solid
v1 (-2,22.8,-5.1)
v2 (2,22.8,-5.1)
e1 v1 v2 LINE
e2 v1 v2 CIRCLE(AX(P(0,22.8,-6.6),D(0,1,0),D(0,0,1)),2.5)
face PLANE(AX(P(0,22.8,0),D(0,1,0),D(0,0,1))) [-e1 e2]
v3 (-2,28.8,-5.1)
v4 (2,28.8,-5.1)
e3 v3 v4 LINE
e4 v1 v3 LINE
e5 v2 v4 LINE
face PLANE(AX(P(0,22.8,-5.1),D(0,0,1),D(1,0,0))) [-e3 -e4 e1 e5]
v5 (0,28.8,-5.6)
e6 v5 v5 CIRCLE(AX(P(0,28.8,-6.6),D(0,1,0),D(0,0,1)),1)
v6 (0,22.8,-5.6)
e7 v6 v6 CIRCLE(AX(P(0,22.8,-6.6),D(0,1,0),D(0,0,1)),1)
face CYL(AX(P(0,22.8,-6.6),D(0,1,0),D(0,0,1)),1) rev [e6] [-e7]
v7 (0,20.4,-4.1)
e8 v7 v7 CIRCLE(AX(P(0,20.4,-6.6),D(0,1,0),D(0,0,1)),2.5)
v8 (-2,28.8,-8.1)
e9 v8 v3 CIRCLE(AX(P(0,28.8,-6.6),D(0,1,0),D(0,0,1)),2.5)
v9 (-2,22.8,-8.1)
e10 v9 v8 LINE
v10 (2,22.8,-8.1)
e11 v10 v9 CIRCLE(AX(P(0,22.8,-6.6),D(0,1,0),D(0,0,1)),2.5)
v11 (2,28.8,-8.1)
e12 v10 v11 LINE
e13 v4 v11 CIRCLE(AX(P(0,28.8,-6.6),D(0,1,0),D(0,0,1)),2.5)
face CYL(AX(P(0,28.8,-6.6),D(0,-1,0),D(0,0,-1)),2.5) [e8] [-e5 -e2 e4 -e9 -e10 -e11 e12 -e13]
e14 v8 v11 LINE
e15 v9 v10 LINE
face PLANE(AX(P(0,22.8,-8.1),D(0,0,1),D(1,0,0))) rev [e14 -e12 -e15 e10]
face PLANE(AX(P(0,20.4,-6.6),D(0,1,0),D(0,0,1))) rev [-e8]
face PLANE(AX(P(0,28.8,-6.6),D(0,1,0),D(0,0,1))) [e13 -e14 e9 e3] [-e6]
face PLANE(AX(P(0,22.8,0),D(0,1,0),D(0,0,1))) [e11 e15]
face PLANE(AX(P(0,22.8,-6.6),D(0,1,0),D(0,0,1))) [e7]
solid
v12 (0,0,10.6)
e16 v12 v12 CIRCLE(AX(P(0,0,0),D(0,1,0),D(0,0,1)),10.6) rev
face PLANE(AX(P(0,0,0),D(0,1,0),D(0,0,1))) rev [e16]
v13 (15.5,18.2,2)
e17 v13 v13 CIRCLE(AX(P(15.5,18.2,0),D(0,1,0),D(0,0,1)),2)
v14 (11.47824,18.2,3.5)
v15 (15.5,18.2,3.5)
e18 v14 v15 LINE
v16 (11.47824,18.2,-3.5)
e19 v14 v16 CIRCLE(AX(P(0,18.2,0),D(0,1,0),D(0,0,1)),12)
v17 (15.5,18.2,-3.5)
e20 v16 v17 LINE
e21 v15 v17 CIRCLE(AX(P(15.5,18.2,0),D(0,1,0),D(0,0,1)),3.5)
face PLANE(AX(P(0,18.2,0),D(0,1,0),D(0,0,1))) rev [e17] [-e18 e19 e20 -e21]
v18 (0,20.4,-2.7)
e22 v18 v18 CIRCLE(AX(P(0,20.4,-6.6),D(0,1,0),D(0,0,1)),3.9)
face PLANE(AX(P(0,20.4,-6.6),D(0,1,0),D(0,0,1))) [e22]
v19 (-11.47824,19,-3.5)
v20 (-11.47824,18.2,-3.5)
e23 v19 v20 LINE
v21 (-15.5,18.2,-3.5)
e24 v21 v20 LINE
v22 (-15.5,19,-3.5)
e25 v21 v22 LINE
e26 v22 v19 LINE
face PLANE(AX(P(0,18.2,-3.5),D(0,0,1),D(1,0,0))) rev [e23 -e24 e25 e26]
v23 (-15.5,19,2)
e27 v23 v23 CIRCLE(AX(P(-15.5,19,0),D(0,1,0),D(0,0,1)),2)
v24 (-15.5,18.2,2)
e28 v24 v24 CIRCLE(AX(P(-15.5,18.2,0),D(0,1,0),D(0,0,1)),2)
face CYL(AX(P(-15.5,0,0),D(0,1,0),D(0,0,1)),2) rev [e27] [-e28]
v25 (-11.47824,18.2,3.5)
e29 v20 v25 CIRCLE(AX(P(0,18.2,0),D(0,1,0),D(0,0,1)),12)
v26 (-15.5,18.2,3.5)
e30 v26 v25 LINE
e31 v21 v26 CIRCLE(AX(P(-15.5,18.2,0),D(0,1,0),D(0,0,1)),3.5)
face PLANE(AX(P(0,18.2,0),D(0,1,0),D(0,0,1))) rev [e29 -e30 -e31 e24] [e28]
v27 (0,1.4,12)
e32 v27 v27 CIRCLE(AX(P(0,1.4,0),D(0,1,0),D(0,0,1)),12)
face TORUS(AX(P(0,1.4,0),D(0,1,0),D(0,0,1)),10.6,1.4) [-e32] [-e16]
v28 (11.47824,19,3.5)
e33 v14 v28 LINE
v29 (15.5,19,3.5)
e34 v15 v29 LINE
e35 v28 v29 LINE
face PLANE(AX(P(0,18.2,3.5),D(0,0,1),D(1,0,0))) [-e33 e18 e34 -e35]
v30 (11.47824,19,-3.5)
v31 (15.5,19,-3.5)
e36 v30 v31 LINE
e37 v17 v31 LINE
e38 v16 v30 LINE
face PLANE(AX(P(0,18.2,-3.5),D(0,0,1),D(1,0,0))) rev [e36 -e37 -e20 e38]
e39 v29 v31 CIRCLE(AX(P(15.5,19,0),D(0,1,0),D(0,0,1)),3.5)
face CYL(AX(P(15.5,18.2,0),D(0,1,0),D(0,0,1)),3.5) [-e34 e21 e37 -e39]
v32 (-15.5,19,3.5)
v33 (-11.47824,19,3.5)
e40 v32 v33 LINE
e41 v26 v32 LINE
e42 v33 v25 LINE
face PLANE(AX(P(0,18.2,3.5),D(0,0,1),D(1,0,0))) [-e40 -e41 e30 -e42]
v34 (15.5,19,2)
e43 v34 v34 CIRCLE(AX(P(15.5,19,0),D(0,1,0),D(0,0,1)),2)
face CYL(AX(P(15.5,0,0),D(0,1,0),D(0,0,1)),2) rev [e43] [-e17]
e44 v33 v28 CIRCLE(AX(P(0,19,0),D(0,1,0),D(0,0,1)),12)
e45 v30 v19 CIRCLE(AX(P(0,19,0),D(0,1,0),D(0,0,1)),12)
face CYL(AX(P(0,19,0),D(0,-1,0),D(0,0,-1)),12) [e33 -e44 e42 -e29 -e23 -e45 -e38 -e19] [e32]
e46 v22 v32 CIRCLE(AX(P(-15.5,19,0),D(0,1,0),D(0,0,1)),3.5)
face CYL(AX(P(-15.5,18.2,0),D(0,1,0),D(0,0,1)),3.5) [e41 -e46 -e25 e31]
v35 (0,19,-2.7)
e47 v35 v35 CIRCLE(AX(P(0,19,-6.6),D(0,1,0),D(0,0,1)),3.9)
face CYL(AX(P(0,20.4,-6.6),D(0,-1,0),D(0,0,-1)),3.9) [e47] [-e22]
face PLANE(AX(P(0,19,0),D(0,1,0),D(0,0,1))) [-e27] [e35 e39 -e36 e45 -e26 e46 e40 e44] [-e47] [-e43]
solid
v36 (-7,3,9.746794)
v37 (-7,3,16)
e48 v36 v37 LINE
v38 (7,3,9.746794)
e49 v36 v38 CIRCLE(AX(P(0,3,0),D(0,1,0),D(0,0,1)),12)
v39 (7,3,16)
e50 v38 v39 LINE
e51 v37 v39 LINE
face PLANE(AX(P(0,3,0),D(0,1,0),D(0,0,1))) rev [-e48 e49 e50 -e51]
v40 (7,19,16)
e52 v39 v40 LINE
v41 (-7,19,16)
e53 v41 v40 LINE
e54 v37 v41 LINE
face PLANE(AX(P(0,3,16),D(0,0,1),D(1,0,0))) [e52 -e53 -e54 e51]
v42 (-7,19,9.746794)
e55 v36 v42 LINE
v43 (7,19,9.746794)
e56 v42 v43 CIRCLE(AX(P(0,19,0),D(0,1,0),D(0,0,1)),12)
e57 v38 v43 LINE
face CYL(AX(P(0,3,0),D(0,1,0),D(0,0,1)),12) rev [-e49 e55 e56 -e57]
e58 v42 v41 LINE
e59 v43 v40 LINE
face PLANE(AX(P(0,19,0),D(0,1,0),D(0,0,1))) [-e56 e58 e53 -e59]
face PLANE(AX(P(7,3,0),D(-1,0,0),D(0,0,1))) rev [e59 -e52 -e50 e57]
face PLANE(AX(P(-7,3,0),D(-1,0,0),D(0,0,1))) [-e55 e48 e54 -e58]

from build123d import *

# Parameters (mm, degrees)
SKETCH1_R           = 12
BOSS_EXTRUDE1_DEPTH = 19
BOSS_EXTRUDE2_DEPTH = 16
BOSS_EXTRUDE3_START = -0.8
BOSS_EXTRUDE3_DEPTH = 0.8
SKETCH4_R           = 2
CUT_EXTRUDE1_DEPTH  = 32.272991542
SKETCH5_R           = 3.9
BOSS_EXTRUDE4_DEPTH = 1.4
SKETCH6_R           = 2.5
BOSS_EXTRUDE5_DEPTH = 8.4
CUT_EXTRUDE2_DEPTH  = 6
SKETCH8_R           = 1
CUT_EXTRUDE3_DEPTH  = 6
FILLET2_R           = 1.4


with BuildPart() as part:
    # Sketch1 → Boss-Extrude1 (new body)
    with BuildSketch(Plane(origin=(0, 0, 0), x_dir=(1, 0, 0), z_dir=(0, 1, 0))):
        with Locations(Location((0, 0, 0), (0, 0, 270))):
            Circle(SKETCH1_R)
    extrude(amount=BOSS_EXTRUDE1_DEPTH)

    # Sketch3 → Boss-Extrude3 (add)
    with BuildSketch(Plane(origin=(0, 19, 0), x_dir=(1, 0, 0), z_dir=(0, 1, 0)).offset(BOSS_EXTRUDE3_START)):
        with BuildLine():
            ThreePointArc((-12, 0), (-13.025126266, 2.474873734), (-15.5, 3.5))
            Line((-15.5, 3.5), (-15.5, -3.5))
            ThreePointArc((-15.5, -3.5), (-13.025126266, -2.474873734), (-12, 0))
        make_face()
        with BuildLine():
            Line((-15.5, -3.5), (-15.5, 3.5))
            ThreePointArc((-15.5, 3.5), (-19, 0), (-15.5, -3.5))
        make_face()
        with BuildLine():
            Line((11.478240283, 3.5), (-11.478240283, 3.5))
            ThreePointArc((-11.478240283, 3.5), (-11.868843318, 1.769338379), (-12, 0))
            ThreePointArc((-12, 0), (-11.868843318, -1.769338379), (-11.478240283, -3.5))
            Line((-11.478240283, -3.5), (11.478240283, -3.5))
            ThreePointArc((11.478240283, -3.5), (11.868843318, -1.769338379), (12, 0))
            ThreePointArc((12, 0), (11.868843318, 1.769338379), (11.478240283, 3.5))
        make_face()
        with BuildLine():
            ThreePointArc((-12, 0), (-13.025126266, -2.474873734), (-15.5, -3.5))
            Line((-15.5, -3.5), (-11.478240283, -3.5))
            ThreePointArc((-11.478240283, -3.5), (-11.868843318, -1.769338379), (-12, 0))
        make_face()
        with BuildLine():
            Line((-11.478240283, 3.5), (-15.5, 3.5))
            ThreePointArc((-15.5, 3.5), (-13.025126266, 2.474873734), (-12, 0))
            ThreePointArc((-12, 0), (-11.868843318, 1.769338379), (-11.478240283, 3.5))
        make_face()
        with BuildLine():
            Line((15.5, 3.5), (11.478240283, 3.5))
            ThreePointArc((11.478240283, 3.5), (11.868843318, 1.769338379), (12, 0))
            ThreePointArc((12, 0), (13.025126266, 2.474873734), (15.5, 3.5))
        make_face()
        with BuildLine():
            ThreePointArc((15.5, -3.5), (13.025126266, -2.474873734), (12, 0))
            ThreePointArc((12, 0), (11.868843318, -1.769338379), (11.478240283, -3.5))
            Line((11.478240283, -3.5), (15.5, -3.5))
        make_face()
        with BuildLine():
            ThreePointArc((19, 0), (17.974873734, 2.474873734), (15.5, 3.5))
            Line((15.5, 3.5), (15.5, -3.5))
            ThreePointArc((15.5, -3.5), (17.974873734, -2.474873734), (19, 0))
        make_face()
        with BuildLine():
            Line((15.5, -3.5), (15.5, 3.5))
            ThreePointArc((15.5, 3.5), (13.025126266, 2.474873734), (12, 0))
            ThreePointArc((12, 0), (13.025126266, -2.474873734), (15.5, -3.5))
        make_face()
    extrude(amount=BOSS_EXTRUDE3_DEPTH)

    # Sketch4 → Cut-Extrude1 (cut, through all)
    with BuildSketch(Plane(origin=(0, 19, 0), x_dir=(1, 0, 0), z_dir=(0, 1, 0))):
        with Locations(Location((15.5, 0, 0), (0, 0, 270))):
            Circle(SKETCH4_R)
        with Locations(Location((-15.5, 0, 0), (0, 0, 270))):
            Circle(SKETCH4_R)
    extrude(amount=-CUT_EXTRUDE1_DEPTH, mode=Mode.SUBTRACT)

    # Sketch5 → Boss-Extrude4 (add)
    with BuildSketch(Plane(origin=(0, 19, 0), x_dir=(1, 0, 0), z_dir=(0, 1, 0))):
        with Locations(Location((0, 6.6, 0), (0, 0, 270))):
            Circle(SKETCH5_R)
    extrude(amount=BOSS_EXTRUDE4_DEPTH)

    # Fillet2
    fillet2_edges = [part.edges().sort_by_distance(p)[0] for p in [
        (0, 0, -12),
    ]]
    fillet(fillet2_edges, radius=FILLET2_R)


with BuildPart() as body_2:
    # Sketch2 → Boss-Extrude2 (new body)
    with BuildSketch(Plane(origin=(0, 19, 0), x_dir=(1, 0, 0), z_dir=(0, 1, 0))):
        with BuildLine():
            ThreePointArc((7, -9.746794345), (0, -12), (-7, -9.746794345))
            Line((-7, -9.746794345), (-7, -16))
            Line((-7, -16), (7, -16))
            Line((7, -16), (7, -9.746794345))
        make_face()
    extrude(amount=-BOSS_EXTRUDE2_DEPTH)


with BuildPart() as body_3:
    # Sketch6 → Boss-Extrude5 (new body)
    with BuildSketch(Plane(origin=(0, 20.4, 0), x_dir=(1, 0, 0), z_dir=(0, 1, 0))):
        with Locations(Location((0, 6.6, 0), (0, 0, 270))):
            Circle(SKETCH6_R)
    extrude(amount=BOSS_EXTRUDE5_DEPTH)

    # Sketch7 → Cut-Extrude2 (cut)
    with BuildSketch(Plane(origin=(0, 28.8, 0), x_dir=(1, 0, 0), z_dir=(0, 1, 0))):
        with BuildLine():
            ThreePointArc((2, 8.1), (0, 9.1), (-2, 8.1))
            Line((-2, 8.1), (2, 8.1))
        make_face()
        with BuildLine():
            Line((2, 5.1), (-2, 5.1))
            ThreePointArc((-2, 5.1), (0, 4.1), (2, 5.1))
        make_face()
    extrude(amount=-CUT_EXTRUDE2_DEPTH, mode=Mode.SUBTRACT)

    # Sketch8 → Cut-Extrude3 (cut)
    with BuildSketch(Plane(origin=(0, 28.8, 0), x_dir=(1, 0, 0), z_dir=(0, 1, 0))):
        with Locations(Location((0, 6.6, 0), (0, 0, 270))):
            Circle(SKETCH8_R)
    extrude(amount=-CUT_EXTRUDE3_DEPTH, mode=Mode.SUBTRACT)


solid = Compound([part.part, body_2.part, body_3.part])
